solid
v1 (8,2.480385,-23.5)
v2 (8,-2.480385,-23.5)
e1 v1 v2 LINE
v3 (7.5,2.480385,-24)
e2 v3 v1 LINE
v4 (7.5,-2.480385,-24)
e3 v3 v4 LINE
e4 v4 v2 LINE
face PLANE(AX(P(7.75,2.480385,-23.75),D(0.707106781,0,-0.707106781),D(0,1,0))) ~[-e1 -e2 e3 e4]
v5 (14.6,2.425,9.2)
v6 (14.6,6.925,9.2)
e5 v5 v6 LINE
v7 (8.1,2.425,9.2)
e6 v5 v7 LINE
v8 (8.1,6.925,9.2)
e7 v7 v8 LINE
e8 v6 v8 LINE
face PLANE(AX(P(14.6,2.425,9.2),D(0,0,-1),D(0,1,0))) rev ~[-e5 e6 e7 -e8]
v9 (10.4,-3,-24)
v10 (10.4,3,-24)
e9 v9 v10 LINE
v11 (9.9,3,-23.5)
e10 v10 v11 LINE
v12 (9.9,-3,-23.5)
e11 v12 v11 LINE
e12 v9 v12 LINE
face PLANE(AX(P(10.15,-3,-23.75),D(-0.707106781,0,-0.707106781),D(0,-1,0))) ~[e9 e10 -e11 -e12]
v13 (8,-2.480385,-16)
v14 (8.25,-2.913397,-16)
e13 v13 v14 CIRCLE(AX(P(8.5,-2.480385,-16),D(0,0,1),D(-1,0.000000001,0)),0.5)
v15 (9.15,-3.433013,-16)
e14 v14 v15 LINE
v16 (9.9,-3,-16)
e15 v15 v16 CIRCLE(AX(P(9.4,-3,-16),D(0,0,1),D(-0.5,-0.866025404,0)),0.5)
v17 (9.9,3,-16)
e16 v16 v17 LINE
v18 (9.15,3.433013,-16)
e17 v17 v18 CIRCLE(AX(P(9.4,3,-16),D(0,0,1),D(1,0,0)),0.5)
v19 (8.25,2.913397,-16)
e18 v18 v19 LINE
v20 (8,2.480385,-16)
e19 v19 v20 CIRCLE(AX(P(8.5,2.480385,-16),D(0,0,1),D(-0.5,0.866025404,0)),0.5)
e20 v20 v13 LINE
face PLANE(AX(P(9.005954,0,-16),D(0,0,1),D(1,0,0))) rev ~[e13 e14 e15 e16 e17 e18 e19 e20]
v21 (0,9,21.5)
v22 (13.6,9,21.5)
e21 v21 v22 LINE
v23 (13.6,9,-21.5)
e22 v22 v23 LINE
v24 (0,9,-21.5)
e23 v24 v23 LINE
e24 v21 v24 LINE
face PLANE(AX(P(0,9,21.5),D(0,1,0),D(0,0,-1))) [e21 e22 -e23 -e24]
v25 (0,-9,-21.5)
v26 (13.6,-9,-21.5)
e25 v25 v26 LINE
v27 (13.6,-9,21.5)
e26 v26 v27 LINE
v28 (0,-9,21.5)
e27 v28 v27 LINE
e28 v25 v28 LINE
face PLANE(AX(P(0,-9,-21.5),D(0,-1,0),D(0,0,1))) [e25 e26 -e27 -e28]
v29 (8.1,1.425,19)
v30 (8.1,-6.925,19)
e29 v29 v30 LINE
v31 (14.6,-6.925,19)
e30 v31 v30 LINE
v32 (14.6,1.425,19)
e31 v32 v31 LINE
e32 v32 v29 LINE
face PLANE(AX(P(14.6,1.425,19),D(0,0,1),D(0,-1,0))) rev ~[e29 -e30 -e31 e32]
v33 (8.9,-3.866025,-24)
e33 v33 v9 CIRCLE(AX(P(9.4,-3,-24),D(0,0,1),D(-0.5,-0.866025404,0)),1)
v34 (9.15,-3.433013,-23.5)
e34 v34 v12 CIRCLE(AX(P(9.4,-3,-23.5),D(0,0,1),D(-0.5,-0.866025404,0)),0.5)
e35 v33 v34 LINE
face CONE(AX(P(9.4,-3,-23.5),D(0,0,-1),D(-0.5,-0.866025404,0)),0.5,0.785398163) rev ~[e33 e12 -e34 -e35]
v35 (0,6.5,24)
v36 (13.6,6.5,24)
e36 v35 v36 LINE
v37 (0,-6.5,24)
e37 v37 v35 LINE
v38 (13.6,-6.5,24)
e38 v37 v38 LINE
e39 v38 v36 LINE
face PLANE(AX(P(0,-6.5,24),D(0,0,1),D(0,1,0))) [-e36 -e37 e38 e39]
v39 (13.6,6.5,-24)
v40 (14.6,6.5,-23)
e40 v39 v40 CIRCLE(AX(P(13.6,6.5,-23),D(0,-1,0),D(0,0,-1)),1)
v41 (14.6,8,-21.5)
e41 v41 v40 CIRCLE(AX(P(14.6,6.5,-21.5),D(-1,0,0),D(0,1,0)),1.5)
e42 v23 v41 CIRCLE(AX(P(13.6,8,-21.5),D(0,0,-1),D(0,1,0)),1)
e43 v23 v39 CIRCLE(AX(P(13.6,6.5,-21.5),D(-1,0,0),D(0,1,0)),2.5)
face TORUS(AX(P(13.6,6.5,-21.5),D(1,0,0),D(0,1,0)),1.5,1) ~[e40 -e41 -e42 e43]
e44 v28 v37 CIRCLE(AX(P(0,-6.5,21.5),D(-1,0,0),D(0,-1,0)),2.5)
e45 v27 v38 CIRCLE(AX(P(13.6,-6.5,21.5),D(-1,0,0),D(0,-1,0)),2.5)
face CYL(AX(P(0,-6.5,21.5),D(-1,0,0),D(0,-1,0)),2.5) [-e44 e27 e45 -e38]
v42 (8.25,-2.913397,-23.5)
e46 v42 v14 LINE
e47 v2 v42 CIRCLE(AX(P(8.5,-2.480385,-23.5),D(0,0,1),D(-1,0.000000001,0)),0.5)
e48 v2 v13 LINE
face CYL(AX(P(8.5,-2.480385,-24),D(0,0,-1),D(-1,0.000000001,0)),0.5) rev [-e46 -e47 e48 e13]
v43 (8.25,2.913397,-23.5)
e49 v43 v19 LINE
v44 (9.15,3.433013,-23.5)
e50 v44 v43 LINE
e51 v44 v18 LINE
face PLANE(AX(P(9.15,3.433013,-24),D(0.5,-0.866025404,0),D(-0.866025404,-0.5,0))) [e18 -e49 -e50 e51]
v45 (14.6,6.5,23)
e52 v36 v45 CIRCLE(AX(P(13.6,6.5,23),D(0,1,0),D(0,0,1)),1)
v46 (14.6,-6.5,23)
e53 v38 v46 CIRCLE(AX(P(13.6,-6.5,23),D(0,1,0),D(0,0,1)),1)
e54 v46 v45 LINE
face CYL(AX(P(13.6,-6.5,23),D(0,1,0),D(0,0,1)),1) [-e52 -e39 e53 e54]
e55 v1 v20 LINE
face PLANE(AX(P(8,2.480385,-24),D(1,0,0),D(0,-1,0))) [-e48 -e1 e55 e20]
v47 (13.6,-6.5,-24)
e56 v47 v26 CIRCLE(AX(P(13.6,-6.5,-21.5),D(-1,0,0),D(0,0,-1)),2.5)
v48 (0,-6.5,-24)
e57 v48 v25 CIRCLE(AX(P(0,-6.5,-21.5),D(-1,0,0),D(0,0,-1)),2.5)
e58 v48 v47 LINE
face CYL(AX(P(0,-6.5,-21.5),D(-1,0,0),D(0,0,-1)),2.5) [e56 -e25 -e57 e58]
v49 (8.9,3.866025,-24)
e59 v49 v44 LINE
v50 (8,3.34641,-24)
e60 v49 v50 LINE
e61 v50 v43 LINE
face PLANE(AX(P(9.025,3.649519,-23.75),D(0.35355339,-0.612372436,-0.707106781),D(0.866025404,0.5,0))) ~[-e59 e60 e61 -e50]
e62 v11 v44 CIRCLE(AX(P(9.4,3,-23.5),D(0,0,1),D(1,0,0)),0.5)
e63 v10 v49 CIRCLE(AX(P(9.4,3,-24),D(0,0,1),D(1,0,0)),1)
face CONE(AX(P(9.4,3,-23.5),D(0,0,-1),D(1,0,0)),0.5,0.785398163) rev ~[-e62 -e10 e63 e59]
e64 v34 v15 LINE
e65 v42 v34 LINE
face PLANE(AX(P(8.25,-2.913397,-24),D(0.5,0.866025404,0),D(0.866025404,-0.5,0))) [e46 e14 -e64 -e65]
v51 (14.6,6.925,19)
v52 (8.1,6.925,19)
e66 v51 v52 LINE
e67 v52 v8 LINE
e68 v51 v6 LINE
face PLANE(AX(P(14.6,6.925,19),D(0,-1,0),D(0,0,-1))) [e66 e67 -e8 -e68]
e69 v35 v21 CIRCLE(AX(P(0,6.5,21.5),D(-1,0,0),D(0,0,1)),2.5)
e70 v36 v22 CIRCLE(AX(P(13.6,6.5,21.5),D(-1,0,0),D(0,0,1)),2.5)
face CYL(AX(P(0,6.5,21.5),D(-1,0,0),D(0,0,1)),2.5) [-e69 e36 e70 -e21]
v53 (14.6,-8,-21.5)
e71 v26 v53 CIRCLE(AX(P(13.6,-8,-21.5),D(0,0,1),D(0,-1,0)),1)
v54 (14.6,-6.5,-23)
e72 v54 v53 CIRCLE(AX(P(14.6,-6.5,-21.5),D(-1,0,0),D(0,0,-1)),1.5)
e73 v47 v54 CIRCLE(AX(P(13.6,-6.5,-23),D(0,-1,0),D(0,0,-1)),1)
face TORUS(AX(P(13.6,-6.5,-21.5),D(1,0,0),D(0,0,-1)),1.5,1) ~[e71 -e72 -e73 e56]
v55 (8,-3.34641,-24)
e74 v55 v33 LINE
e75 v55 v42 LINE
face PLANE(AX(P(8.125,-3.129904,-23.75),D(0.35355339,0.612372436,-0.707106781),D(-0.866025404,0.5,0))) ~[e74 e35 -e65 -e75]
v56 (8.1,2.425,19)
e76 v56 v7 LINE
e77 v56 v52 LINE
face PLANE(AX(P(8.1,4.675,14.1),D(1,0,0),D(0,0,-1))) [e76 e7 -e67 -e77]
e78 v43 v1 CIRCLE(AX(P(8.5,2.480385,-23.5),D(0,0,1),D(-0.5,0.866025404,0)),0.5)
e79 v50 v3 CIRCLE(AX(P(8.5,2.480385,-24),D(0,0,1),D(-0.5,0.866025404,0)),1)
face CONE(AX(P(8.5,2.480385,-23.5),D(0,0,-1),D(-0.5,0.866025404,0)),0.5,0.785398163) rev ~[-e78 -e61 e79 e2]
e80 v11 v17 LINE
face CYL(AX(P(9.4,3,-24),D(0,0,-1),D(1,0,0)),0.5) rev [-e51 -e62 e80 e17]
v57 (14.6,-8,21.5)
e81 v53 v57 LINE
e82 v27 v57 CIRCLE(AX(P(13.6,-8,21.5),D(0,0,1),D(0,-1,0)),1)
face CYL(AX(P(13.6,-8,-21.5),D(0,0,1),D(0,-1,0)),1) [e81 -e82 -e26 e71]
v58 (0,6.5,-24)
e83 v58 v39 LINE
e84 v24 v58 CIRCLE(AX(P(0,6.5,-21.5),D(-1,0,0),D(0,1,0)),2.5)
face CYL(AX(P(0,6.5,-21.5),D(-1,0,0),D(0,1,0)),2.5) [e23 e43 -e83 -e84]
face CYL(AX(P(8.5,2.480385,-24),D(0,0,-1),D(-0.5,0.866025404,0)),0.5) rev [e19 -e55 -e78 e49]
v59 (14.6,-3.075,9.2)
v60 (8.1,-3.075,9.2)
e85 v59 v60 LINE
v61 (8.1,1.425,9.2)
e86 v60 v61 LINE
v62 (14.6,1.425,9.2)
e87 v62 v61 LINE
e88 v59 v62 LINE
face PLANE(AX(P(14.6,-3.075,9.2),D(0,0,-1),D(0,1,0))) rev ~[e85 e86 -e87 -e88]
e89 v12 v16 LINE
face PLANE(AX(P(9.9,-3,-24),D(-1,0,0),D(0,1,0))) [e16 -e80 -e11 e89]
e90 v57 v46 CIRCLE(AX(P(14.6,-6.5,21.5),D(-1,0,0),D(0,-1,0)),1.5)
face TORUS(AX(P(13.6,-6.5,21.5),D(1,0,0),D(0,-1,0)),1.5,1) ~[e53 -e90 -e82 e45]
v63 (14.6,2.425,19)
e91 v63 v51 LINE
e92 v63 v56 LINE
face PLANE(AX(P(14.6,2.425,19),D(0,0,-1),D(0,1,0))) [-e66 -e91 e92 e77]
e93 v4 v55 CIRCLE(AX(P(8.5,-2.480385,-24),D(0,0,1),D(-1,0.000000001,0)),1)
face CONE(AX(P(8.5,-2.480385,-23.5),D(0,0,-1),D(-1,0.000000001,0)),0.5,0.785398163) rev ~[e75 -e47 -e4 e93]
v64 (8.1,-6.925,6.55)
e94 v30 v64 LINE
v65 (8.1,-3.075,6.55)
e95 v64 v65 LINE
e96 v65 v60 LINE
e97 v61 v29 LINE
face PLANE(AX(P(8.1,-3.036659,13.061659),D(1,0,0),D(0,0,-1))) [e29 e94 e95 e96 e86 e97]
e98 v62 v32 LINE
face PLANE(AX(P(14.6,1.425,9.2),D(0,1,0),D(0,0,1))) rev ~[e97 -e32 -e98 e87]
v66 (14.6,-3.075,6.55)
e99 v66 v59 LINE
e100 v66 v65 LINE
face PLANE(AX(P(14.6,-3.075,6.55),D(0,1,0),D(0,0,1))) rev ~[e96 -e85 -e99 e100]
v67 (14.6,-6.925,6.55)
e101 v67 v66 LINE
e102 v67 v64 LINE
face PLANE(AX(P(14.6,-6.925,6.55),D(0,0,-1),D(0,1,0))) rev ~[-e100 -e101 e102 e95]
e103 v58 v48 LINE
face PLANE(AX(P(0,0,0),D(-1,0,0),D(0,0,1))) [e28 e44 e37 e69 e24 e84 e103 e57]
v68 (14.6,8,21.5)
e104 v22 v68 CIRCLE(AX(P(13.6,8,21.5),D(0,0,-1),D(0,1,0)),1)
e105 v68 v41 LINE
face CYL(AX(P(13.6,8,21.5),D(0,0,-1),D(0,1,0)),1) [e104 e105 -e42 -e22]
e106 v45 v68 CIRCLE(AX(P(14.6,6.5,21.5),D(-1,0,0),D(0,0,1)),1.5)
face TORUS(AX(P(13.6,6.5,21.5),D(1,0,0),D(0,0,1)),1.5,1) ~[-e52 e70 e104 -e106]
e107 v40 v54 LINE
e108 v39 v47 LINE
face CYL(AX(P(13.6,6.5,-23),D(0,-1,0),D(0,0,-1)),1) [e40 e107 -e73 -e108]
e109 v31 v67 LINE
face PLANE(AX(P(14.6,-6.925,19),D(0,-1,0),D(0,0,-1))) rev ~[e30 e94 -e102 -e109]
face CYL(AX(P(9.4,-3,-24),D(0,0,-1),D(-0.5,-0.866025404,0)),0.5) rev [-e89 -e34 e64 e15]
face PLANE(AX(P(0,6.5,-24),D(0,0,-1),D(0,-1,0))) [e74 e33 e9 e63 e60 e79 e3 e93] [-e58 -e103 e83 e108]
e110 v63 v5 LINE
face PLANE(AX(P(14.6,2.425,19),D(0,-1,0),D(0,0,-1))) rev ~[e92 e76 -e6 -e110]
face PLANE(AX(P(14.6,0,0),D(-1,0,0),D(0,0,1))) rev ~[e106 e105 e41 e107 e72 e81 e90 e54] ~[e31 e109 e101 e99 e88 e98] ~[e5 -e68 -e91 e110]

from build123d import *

# Parameters (mm, degrees)
EXTRUDE_1_DEPTH     = 14.6
FILLET_1_R          = 1
CUT_EXTRUDE_1_DEPTH = 8
CHAMFER_1_SIZE      = 0.5
SKETCH_3_W          = 9.8
SKETCH_3_H          = 4.5
CUT_EXTRUDE_2_DEPTH = 6.5


with BuildPart() as part:
    # ｽｹｯﾁ1 → ﾎﾞｽ - 押し出し1 (new body)
    with BuildSketch(Plane(origin=(0, 0, 0), x_dir=(0, 0, -1), z_dir=(1, 0, 0))):
        with BuildLine():
            Line((-21.5, 9), (21.5, 9))
            ThreePointArc((21.5, 9), (23.267766953, 8.267766953), (24, 6.5))
            Line((24, 6.5), (24, -6.5))
            ThreePointArc((24, -6.5), (23.267766953, -8.267766953), (21.5, -9))
            Line((21.5, -9), (-21.5, -9))
            ThreePointArc((-21.5, -9), (-23.267766953, -8.267766953), (-24, -6.5))
            Line((-24, -6.5), (-24, 6.5))
            ThreePointArc((-24, 6.5), (-23.267766953, 8.267766953), (-21.5, 9))
        make_face()
    extrude(amount=EXTRUDE_1_DEPTH)

    # ﾌｨﾚｯﾄ1
    fillet_1_edges = [part.edges().sort_by_distance(p)[0] for p in [
        (14.6, 8.267766953, 23.267766953),
        (14.6, 0, 24),
        (14.6, -8.267766953, 23.267766953),
        (14.6, -9, 0),
        (14.6, -8.267766953, -23.267766953),
        (14.6, 0, -24),
        (14.6, 8.267766953, -23.267766953),
        (14.6, 9, 0),
    ]]
    fillet(fillet_1_edges, radius=FILLET_1_R)

    # ｽｹｯﾁ2 → ｶｯﾄ - 押し出し1 (cut)
    with BuildSketch(Plane(origin=(0, 0, -24), x_dir=(-1, 0, 0), z_dir=(0, 0, -1))):
        with BuildLine():
            Line((-9.15, 3.433012702), (-8.25, 2.91339746))
            ThreePointArc((-8.25, 2.91339746), (-8.066987298, 2.730384758), (-8, 2.480384758))
            Line((-8, 2.480384758), (-8, -2.480384758))
            ThreePointArc((-8, -2.480384758), (-8.066987298, -2.730384758), (-8.25, -2.91339746))
            Line((-8.25, -2.91339746), (-9.15, -3.433012702))
            ThreePointArc((-9.15, -3.433012702), (-9.65, -3.433012702), (-9.9, -3))
            Line((-9.9, -3), (-9.9, 3))
            ThreePointArc((-9.9, 3), (-9.65, 3.433012702), (-9.15, 3.433012702))
        make_face()
    extrude(amount=-CUT_EXTRUDE_1_DEPTH, mode=Mode.SUBTRACT)

    # 面取り1
    chamfer_1_edges = [part.edges().sort_by_distance(p)[0] for p in [
        (8.066987298, -2.730384758, -24),
        (8, 0, -24),
        (8.066987298, 2.730384758, -24),
        (8.7, 3.173205081, -24),
        (9.65, 3.433012702, -24),
        (9.9, 0, -24),
        (9.65, -3.433012702, -24),
        (8.7, -3.173205081, -24),
    ]]
    chamfer(chamfer_1_edges, length=CHAMFER_1_SIZE)

    # ｽｹｯﾁ3 → ｶｯﾄ - 押し出し2 (cut)
    with BuildSketch(Plane(origin=(14.6, 0, 0), x_dir=(0, 0, -1), z_dir=(1, 0, 0))):
        Polygon((-19, 1.425), (-19, -6.925), (-6.55, -6.925), (-6.55, -3.075), (-9.2, -3.075), (-9.2, 1.425), align=None)
        with Locations((-14.1, 4.675)):
            Rectangle(SKETCH_3_W, SKETCH_3_H)
    extrude(amount=-CUT_EXTRUDE_2_DEPTH, mode=Mode.SUBTRACT)


solid = part.part
